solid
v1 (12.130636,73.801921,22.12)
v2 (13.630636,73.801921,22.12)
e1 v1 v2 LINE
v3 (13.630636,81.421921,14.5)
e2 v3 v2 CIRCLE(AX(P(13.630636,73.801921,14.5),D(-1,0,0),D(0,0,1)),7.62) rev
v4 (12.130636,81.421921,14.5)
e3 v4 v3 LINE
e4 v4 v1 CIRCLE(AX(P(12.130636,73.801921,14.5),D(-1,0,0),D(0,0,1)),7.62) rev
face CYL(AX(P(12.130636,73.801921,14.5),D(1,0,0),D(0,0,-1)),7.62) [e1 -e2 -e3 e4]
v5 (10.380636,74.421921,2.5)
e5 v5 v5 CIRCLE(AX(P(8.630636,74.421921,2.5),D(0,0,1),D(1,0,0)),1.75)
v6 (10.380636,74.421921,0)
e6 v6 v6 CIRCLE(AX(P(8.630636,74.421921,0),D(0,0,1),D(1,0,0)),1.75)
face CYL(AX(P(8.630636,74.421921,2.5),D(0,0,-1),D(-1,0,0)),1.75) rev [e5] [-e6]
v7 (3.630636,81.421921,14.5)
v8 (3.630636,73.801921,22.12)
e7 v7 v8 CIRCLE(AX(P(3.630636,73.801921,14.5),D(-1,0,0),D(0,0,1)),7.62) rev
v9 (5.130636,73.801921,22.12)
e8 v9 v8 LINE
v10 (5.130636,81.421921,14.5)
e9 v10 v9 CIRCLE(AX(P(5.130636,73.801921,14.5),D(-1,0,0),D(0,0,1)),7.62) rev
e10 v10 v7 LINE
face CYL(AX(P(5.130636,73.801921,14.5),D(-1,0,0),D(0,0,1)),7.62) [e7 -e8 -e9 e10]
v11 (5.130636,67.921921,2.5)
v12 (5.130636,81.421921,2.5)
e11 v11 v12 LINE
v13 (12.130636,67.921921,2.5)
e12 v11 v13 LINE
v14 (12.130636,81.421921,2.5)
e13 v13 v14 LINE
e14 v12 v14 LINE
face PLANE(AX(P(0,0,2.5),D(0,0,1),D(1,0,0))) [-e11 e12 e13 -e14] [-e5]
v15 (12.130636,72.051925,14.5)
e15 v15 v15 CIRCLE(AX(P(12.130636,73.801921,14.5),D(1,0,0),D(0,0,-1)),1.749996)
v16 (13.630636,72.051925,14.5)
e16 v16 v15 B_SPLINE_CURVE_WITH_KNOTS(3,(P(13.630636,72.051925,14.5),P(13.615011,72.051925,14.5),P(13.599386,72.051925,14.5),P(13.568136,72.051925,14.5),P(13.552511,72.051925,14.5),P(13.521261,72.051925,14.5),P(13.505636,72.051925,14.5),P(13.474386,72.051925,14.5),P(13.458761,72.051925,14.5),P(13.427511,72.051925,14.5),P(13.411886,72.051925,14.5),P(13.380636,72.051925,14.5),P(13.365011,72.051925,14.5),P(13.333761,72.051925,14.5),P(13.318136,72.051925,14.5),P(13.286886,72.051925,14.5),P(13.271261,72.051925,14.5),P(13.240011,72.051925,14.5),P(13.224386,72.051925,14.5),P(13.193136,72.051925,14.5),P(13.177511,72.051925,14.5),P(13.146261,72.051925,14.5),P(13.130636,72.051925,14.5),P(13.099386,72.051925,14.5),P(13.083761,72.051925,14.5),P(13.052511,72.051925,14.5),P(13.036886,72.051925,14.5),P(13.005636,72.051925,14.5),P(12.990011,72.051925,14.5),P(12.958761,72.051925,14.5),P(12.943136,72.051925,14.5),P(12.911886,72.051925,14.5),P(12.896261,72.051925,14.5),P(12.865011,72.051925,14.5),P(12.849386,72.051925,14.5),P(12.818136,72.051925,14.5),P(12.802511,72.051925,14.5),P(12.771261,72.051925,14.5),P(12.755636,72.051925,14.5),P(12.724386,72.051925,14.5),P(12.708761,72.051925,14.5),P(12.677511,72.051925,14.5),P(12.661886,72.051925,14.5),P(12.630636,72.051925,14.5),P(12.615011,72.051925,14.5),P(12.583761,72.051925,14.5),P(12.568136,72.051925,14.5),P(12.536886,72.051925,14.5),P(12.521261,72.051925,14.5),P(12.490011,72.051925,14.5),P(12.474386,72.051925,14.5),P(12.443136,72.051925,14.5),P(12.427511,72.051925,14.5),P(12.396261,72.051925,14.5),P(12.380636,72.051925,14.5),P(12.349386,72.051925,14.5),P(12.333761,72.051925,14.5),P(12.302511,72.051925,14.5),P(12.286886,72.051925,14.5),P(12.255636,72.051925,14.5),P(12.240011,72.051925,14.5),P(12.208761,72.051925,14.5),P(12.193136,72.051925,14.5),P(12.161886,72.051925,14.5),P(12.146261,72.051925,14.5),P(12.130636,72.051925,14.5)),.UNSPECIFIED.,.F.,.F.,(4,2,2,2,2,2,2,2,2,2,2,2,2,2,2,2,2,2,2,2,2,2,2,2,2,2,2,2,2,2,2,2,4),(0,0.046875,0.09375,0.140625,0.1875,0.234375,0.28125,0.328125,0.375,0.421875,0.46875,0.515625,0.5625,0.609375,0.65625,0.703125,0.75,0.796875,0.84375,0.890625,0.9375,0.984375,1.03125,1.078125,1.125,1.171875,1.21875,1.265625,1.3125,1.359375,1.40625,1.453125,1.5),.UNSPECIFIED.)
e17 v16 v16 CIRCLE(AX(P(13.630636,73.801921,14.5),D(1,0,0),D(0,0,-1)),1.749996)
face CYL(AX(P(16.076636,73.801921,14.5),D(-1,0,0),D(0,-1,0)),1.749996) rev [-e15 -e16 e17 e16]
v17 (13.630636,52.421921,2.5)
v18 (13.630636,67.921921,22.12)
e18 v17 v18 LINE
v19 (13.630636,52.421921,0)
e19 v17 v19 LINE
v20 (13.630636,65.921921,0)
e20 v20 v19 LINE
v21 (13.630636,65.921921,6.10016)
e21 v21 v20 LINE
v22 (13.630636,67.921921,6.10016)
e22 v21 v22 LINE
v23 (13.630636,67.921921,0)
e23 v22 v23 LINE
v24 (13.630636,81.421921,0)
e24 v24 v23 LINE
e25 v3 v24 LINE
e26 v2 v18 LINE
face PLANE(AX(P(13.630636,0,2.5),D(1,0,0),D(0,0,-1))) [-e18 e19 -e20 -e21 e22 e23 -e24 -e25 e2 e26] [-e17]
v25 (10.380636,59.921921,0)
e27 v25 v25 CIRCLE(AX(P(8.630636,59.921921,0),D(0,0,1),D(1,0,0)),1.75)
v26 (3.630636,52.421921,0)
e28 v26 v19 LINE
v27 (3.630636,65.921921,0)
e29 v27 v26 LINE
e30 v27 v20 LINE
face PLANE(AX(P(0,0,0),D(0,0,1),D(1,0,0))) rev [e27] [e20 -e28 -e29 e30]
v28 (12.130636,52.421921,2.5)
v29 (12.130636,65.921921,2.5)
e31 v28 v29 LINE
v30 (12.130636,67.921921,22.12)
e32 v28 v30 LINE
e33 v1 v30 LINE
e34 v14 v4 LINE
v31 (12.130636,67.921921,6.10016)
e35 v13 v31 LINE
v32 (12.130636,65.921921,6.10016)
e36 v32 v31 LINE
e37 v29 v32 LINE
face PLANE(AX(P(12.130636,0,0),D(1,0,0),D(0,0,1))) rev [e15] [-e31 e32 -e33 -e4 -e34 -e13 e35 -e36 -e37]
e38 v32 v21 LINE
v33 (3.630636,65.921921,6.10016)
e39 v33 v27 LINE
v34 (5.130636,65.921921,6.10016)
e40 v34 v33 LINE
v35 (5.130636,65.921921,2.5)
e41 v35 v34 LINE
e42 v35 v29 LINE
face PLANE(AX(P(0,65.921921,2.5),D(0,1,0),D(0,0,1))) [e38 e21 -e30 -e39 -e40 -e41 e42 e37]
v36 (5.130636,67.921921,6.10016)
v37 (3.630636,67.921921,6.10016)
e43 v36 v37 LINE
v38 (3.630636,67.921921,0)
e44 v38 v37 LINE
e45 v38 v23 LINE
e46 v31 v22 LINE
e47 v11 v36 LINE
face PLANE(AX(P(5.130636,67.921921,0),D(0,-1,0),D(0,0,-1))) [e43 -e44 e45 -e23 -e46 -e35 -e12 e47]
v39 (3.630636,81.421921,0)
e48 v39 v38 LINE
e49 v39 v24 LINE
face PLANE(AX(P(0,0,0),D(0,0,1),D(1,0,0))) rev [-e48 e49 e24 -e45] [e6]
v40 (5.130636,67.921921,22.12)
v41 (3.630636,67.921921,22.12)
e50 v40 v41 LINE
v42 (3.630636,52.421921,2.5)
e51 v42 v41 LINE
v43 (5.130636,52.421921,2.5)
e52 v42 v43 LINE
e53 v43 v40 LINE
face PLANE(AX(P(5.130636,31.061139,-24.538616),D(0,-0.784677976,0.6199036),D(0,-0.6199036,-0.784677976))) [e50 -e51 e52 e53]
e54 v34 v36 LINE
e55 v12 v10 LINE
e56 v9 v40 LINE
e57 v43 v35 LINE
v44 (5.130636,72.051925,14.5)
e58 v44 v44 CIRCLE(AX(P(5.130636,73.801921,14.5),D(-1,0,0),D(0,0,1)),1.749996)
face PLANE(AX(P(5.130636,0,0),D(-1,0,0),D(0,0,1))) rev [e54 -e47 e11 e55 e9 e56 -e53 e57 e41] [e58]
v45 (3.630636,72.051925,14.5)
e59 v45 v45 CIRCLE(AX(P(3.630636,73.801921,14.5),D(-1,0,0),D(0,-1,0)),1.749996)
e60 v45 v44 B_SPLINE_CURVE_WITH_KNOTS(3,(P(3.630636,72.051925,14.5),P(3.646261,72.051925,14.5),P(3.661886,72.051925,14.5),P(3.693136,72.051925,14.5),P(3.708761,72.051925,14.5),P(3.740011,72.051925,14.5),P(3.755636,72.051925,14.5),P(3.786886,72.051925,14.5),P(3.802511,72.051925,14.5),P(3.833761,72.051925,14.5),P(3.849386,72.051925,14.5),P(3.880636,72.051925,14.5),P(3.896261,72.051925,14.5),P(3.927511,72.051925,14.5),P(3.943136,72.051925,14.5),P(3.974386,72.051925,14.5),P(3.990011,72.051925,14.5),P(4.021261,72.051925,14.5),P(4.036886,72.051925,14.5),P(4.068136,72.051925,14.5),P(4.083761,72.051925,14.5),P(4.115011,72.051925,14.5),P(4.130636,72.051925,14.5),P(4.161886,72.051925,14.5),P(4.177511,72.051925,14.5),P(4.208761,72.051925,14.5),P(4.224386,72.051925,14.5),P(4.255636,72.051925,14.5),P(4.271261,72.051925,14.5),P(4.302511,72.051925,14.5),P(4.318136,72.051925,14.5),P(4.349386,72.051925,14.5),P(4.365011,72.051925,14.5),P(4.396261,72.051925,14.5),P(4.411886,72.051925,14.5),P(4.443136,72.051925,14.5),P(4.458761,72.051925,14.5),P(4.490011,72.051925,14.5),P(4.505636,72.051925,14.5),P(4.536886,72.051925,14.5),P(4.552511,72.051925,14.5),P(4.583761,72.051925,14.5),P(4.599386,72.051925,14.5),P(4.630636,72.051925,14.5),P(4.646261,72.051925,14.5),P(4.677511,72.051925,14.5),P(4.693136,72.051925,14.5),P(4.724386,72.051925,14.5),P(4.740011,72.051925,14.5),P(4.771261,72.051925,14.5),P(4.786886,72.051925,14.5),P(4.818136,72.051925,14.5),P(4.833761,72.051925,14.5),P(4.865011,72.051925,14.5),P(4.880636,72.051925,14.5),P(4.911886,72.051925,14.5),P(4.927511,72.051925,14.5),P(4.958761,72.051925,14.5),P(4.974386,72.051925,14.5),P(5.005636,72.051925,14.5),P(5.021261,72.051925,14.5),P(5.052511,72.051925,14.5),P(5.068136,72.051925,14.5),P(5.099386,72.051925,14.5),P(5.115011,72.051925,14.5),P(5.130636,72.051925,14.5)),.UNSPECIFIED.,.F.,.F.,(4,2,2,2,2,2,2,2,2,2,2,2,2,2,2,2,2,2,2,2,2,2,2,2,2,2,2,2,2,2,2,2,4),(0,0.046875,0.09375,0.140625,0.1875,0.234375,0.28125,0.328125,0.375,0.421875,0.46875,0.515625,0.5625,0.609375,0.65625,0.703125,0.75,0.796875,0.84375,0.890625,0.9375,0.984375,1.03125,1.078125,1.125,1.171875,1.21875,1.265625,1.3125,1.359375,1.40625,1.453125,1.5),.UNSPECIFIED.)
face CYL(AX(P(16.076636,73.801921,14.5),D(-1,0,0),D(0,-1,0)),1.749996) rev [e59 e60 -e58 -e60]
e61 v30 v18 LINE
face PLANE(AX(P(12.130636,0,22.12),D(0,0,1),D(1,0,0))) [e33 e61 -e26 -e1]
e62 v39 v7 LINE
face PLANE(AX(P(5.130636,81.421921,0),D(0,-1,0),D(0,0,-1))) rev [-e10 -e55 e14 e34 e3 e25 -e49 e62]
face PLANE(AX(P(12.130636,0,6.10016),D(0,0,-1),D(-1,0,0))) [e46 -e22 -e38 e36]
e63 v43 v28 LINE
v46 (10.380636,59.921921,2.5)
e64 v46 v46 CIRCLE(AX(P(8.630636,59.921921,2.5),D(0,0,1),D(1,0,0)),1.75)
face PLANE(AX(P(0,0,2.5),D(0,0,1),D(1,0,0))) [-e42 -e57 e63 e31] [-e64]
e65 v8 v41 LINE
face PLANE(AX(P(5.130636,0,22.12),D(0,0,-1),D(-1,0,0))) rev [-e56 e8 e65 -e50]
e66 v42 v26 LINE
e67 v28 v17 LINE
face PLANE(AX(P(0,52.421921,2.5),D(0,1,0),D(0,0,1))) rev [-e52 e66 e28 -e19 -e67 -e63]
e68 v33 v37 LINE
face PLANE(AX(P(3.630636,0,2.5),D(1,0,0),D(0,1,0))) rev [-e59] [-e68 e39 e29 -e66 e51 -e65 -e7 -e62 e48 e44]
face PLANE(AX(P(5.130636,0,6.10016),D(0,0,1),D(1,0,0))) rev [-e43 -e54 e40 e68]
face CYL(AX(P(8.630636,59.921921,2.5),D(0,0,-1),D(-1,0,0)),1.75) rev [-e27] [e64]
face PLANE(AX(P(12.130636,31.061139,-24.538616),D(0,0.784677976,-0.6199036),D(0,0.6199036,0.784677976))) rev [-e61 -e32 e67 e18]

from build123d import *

# Parameters (mm, degrees)
SKETCH1_W             = 10
SKETCH1_H             = 13.5
SKETCH1_R             = 1.75
BOSS_EXTRUDE1_DEPTH   = 2.5
BOSS_EXTRUDE1_2_DEPTH = 2.5
BOSS_EXTRUDE2_DEPTH   = 1.5
SKETCH5_R             = 1.7499965
CUT_EXTRUDE1_DEPTH    = 12.446


with BuildPart() as part:
    # Sketch1 → Boss-Extrude1 (new body)
    with BuildSketch(Plane.XY):
        with Locations((8.63063628, 74.671921363)):
            Rectangle(SKETCH1_W, SKETCH1_H)
        with Locations((8.63063628, 74.421921363)):
            Circle(SKETCH1_R, mode=Mode.SUBTRACT)
    extrude(amount=BOSS_EXTRUDE1_DEPTH)



with BuildPart() as body_2:
    # Sketch1 → Boss-Extrude1 2 (new body)
    with BuildSketch(Plane.XY):
        with Locations((8.63063628, 59.171921363)):
            Rectangle(SKETCH1_W, SKETCH1_H)
        with Locations((8.63063628, 59.921921363)):
            Circle(SKETCH1_R, mode=Mode.SUBTRACT)
    extrude(amount=BOSS_EXTRUDE1_2_DEPTH)


with BuildPart() as part_1:
    add(part.part)

    add(body_2.part)  # Boss-Extrude2 merges body 2
    # Sketch2 → Boss-Extrude2 (add)
    with BuildSketch(Plane.ZY.offset(-3.63063628)):
        with BuildLine():
            Line((6.100159914, 65.921921363), (2.5, 65.921921363))
            Line((2.5, 65.921921363), (2.5, 52.421921363))
            Line((2.5, 52.421921363), (22.12, 67.921921363))
            Line((22.12, 67.921921363), (22.12, 73.801921363))
            ThreePointArc((22.12, 73.801921363), (19.888153673, 79.190075036), (14.5, 81.421921363))
            Line((14.5, 81.421921363), (2.5, 81.421921363))
            Line((2.5, 81.421921363), (2.5, 67.921921363))
            Line((2.5, 67.921921363), (6.100159914, 67.921921363))
            Line((6.100159914, 67.921921363), (6.100159914, 65.921921363))
        make_face()
    boss_extrude2 = extrude(amount=-BOSS_EXTRUDE2_DEPTH)

    # Mirror1: Boss-Extrude2 across plane
    add(boss_extrude2.mirror(Plane.ZY.offset(-8.63063628)))

    # Sketch5 → Cut-Extrude1 (cut)
    with BuildSketch(Plane.ZY.offset(-3.63063628)):
        with Locations(Location((14.5, 73.801921363, 0), (0, 0, 270))):
            Circle(SKETCH5_R)
    extrude(amount=-CUT_EXTRUDE1_DEPTH, mode=Mode.SUBTRACT)


solid = part_1.part
